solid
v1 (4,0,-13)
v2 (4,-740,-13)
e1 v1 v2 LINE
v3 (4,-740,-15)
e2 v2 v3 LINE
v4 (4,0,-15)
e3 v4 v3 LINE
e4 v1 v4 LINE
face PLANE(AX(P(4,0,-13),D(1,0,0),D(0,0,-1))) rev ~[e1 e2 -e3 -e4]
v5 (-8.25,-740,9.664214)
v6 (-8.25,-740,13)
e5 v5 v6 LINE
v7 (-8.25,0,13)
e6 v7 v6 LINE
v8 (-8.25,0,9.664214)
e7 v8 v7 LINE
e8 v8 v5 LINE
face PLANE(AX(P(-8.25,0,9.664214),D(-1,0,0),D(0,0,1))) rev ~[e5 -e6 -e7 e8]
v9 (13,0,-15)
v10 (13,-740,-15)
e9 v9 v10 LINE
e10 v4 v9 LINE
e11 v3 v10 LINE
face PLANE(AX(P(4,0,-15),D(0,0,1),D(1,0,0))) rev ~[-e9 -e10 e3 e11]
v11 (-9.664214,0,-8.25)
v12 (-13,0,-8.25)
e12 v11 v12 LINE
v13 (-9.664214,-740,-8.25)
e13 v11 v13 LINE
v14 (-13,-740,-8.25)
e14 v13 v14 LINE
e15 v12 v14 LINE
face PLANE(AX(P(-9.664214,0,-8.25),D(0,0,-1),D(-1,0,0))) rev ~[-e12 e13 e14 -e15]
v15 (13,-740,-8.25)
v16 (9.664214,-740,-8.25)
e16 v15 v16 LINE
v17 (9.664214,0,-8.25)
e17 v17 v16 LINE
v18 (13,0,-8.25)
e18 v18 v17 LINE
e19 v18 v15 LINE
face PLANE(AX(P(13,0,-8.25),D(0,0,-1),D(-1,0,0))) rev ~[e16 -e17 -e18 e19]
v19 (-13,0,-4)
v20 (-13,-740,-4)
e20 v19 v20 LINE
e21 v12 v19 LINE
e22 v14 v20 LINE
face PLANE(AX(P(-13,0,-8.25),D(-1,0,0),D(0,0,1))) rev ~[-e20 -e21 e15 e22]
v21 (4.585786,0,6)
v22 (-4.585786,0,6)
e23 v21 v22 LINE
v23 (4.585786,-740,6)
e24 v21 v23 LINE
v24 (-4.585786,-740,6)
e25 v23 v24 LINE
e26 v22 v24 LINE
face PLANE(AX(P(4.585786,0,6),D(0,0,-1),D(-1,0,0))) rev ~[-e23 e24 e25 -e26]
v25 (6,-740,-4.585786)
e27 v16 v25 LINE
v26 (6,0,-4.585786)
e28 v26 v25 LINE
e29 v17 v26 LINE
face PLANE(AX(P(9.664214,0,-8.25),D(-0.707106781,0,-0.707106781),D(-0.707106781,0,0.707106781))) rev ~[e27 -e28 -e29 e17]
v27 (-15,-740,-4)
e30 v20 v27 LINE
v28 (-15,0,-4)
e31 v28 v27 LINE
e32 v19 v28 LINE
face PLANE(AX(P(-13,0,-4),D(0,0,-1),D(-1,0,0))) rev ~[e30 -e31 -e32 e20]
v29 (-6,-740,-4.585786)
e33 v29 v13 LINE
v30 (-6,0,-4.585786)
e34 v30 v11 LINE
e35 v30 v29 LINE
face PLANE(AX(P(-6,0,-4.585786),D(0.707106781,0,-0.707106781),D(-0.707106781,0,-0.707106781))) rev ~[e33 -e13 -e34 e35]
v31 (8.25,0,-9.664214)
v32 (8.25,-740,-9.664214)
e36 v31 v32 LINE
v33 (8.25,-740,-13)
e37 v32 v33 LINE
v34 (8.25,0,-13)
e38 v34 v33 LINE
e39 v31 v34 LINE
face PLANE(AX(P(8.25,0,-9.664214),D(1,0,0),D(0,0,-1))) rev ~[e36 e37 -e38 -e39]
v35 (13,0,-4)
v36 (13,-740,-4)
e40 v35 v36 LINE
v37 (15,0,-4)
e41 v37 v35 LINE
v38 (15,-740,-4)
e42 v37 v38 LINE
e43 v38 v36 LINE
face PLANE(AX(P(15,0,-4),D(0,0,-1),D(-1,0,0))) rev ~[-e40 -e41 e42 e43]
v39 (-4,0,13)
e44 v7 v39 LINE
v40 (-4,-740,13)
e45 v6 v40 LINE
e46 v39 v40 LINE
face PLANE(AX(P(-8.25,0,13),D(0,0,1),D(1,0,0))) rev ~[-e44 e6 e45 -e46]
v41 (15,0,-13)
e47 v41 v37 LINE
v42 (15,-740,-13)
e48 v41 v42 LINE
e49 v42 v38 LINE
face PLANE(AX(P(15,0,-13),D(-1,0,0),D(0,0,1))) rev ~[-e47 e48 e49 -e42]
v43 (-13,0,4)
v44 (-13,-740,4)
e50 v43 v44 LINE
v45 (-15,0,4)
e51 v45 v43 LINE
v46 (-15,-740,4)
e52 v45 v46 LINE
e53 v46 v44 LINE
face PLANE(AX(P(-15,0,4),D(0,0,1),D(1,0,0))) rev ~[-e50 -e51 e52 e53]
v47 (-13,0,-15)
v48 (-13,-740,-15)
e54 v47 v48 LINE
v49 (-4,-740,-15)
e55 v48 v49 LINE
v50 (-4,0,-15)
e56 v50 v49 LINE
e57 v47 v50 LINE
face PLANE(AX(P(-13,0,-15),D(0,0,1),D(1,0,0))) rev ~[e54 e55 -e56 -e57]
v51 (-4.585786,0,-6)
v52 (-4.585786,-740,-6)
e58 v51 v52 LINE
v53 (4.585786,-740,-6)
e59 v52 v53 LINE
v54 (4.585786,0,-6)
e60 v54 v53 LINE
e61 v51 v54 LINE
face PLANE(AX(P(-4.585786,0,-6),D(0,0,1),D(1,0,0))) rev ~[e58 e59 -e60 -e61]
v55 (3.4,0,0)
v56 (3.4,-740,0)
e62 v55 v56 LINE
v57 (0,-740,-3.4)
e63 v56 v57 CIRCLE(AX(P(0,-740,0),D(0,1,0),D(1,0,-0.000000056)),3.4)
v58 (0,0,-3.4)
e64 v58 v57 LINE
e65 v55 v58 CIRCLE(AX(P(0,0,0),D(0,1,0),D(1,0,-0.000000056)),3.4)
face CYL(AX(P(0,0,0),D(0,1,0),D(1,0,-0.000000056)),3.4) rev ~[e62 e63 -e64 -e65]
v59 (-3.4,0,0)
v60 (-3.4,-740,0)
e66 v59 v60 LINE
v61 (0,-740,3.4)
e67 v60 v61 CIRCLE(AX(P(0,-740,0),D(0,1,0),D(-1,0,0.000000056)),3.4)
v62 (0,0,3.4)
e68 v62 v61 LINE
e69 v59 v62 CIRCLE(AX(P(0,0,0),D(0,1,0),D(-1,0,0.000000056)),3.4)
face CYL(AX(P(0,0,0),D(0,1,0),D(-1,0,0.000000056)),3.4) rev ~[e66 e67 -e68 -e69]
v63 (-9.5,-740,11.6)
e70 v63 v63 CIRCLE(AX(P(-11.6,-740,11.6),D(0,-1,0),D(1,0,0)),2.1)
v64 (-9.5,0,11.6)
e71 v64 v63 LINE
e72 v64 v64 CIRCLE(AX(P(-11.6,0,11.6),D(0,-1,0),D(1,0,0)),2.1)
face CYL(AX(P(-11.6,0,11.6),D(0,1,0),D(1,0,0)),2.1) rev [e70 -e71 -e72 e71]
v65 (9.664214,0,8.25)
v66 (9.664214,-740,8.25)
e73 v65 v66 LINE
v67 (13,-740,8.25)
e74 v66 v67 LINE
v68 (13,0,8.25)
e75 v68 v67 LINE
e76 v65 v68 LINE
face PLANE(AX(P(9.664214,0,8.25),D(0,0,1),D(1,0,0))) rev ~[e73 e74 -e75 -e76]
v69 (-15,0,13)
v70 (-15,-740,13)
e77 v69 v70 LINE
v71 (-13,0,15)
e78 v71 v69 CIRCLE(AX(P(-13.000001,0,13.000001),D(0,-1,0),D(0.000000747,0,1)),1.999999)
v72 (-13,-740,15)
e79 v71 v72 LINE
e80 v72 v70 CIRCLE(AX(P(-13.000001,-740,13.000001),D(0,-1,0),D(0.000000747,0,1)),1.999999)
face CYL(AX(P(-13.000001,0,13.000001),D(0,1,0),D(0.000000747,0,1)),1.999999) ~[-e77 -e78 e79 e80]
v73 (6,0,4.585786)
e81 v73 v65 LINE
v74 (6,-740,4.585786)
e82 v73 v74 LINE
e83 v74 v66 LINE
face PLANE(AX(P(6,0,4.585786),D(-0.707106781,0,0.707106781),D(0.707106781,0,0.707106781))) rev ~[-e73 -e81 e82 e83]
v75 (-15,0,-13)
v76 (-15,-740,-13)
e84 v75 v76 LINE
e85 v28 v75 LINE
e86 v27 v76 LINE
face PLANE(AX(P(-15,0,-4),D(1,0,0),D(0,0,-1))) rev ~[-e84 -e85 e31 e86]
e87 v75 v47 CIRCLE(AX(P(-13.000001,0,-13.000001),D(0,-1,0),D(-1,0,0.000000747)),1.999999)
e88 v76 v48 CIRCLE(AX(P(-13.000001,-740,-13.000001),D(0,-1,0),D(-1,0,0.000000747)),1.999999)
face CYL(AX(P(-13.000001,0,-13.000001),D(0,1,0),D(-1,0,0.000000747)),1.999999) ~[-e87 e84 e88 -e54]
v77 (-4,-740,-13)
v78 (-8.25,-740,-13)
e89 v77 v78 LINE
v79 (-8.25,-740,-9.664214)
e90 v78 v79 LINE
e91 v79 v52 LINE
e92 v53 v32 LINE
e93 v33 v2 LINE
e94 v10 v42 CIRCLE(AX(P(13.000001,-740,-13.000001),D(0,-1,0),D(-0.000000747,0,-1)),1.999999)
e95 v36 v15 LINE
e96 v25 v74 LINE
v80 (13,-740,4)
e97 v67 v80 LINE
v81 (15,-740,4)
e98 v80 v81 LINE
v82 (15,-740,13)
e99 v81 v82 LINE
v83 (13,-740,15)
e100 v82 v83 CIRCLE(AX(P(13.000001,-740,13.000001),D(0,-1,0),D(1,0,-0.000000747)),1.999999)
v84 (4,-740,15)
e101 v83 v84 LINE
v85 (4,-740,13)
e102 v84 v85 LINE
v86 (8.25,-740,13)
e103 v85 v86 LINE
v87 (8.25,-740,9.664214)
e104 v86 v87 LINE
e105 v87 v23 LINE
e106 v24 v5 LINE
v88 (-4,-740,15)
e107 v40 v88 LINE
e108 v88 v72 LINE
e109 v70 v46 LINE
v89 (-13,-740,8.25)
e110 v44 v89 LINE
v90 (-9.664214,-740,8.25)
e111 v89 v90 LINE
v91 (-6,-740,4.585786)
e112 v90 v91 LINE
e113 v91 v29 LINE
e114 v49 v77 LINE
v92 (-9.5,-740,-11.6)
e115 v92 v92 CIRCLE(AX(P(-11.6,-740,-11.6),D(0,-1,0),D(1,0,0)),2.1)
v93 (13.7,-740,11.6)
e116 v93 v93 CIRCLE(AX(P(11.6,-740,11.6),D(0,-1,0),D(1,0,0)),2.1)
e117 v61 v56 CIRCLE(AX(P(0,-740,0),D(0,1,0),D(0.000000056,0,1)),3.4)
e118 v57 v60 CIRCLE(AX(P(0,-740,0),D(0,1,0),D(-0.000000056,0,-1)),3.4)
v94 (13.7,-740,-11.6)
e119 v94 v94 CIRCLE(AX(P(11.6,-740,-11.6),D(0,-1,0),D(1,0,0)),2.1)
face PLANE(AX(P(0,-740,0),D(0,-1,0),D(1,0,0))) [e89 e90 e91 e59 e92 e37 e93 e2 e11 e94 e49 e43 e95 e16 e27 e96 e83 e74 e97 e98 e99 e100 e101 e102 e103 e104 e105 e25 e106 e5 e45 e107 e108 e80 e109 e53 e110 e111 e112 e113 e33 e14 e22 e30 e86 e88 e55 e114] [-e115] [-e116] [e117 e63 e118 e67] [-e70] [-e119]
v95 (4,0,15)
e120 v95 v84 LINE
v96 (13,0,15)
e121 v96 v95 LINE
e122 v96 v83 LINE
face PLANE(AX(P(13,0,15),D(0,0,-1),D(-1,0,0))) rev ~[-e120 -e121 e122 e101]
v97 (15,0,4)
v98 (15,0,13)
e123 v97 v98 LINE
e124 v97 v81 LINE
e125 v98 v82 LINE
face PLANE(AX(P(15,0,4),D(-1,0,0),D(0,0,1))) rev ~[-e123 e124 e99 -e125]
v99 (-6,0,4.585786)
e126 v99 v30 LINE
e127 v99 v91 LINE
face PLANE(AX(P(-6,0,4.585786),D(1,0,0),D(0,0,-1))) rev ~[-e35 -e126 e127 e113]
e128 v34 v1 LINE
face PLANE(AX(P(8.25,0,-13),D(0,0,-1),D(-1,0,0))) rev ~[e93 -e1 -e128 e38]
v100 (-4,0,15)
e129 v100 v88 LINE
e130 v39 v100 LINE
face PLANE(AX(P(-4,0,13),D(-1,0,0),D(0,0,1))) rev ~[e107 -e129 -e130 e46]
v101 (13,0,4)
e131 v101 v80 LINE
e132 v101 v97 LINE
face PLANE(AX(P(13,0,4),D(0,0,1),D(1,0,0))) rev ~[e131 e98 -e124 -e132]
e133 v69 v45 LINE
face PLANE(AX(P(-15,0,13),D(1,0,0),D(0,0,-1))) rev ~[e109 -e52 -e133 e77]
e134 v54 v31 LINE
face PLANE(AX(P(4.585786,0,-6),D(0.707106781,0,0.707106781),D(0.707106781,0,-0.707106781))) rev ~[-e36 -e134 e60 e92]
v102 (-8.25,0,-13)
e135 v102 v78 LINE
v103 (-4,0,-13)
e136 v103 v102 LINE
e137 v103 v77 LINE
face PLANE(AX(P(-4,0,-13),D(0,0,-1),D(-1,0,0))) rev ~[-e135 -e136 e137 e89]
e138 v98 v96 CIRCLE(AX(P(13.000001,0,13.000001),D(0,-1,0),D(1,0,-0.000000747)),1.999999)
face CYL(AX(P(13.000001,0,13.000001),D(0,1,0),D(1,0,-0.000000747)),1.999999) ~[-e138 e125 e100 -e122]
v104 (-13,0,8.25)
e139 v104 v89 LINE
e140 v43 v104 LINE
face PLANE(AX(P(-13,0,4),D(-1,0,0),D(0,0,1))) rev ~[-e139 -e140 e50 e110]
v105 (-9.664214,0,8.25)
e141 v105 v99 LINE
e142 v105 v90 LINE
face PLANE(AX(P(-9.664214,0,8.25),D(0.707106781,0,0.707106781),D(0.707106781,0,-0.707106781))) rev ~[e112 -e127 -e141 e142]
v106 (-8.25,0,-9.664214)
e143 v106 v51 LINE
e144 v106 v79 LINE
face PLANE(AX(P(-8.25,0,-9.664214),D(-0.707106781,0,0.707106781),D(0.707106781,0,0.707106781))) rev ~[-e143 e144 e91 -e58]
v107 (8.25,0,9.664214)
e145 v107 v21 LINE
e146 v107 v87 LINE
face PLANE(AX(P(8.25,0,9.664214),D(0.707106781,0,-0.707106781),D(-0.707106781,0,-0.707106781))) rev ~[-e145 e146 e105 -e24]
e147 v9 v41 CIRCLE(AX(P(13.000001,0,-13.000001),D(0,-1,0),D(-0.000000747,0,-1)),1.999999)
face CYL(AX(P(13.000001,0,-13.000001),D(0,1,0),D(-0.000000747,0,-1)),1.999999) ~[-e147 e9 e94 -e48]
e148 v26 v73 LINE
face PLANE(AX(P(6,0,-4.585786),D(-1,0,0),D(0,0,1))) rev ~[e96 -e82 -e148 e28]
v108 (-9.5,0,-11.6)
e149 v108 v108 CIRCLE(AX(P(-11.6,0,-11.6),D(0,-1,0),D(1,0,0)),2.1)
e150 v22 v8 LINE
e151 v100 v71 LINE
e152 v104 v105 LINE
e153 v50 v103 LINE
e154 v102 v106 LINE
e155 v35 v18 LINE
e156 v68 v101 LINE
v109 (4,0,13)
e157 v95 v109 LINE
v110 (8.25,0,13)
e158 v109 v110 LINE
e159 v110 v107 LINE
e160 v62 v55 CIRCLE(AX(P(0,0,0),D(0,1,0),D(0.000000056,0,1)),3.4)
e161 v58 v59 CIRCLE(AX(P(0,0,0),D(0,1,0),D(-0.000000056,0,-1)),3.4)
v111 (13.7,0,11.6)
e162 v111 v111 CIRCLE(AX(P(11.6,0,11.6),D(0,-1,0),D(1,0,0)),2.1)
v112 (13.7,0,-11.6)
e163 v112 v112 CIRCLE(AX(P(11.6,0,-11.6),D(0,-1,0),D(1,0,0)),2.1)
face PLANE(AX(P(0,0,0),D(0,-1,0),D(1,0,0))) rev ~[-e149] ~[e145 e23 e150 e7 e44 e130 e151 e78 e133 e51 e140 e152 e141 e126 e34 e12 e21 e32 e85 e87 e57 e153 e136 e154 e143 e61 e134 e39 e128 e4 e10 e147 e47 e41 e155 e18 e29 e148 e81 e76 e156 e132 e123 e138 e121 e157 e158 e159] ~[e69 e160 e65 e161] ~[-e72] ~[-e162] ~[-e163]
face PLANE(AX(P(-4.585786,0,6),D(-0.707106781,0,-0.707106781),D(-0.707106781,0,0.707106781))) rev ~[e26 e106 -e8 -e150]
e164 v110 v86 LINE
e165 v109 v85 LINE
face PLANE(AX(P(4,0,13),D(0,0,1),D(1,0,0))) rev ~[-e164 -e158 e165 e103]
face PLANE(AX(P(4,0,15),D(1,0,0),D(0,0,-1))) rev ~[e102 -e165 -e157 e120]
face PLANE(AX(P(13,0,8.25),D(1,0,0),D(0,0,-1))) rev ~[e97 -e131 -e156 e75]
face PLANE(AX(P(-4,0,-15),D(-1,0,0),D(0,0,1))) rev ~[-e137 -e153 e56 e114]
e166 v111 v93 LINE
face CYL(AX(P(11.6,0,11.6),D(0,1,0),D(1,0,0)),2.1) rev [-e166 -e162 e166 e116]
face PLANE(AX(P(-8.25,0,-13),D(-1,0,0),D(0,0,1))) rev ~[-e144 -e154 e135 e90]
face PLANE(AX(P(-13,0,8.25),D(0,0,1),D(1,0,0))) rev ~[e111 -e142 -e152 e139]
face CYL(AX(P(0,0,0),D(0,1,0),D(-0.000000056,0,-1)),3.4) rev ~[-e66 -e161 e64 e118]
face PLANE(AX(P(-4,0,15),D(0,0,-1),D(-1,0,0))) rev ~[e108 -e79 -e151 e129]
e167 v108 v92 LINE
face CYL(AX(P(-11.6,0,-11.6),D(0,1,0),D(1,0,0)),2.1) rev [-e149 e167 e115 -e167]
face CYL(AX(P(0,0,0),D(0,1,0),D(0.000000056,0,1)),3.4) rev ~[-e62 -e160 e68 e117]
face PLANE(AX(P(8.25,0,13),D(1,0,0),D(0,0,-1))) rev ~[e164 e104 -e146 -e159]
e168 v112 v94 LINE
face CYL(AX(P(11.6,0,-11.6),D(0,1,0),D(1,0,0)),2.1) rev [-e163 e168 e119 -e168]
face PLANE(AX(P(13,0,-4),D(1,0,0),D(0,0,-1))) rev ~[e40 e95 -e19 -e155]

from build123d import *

# Parameters (mm, degrees)
F0_R     = 2.1
F1_DEPTH = 740


with BuildPart() as f1:
    # F0 (on Front) → F1 (new body)
    with BuildSketch(Plane.XZ):
        with BuildLine():
            Line((4.585786, 6), (0, 6))
            Line((0, 6), (-4.585786, 6))
            Line((-4.585786, 6), (-8.25, 9.664214))
            Line((-8.25, 9.664214), (-8.25, 13))
            Line((-8.25, 13), (-4, 13))
            Line((-4, 13), (-4, 15))
            Line((-4, 15), (-13, 15))
            ThreePointArc((-13, 15), (-14.414214, 14.414214), (-15, 13))
            Line((-15, 13), (-15, 4))
            Line((-15, 4), (-13, 4))
            Line((-13, 4), (-13, 8.25))
            Line((-13, 8.25), (-9.664214, 8.25))
            Line((-9.664214, 8.25), (-6, 4.585786))
            Line((-6, 4.585786), (-6, 0))
            Line((-6, 0), (-6, -4.585786))
            Line((-6, -4.585786), (-9.664214, -8.25))
            Line((-9.664214, -8.25), (-13, -8.25))
            Line((-13, -8.25), (-13, -4))
            Line((-13, -4), (-15, -4))
            Line((-15, -4), (-15, -13))
            ThreePointArc((-15, -13), (-14.414214, -14.414214), (-13, -15))
            Line((-13, -15), (-4, -15))
            Line((-4, -15), (-4, -13))
            Line((-4, -13), (-8.25, -13))
            Line((-8.25, -13), (-8.25, -9.664214))
            Line((-8.25, -9.664214), (-4.585786, -6))
            Line((-4.585786, -6), (0, -6))
            Line((0, -6), (4.585786, -6))
            Line((4.585786, -6), (8.25, -9.664214))
            Line((8.25, -9.664214), (8.25, -13))
            Line((8.25, -13), (4, -13))
            Line((4, -13), (4, -15))
            Line((4, -15), (13, -15))
            ThreePointArc((13, -15), (14.414214, -14.414214), (15, -13))
            Line((15, -13), (15, -4))
            Line((15, -4), (13, -4))
            Line((13, -4), (13, -8.25))
            Line((13, -8.25), (9.664214, -8.25))
            Line((9.664214, -8.25), (6, -4.585786))
            Line((6, -4.585786), (6, 0))
            Line((6, 0), (6, 4.585786))
            Line((6, 4.585786), (9.664214, 8.25))
            Line((9.664214, 8.25), (13, 8.25))
            Line((13, 8.25), (13, 4))
            Line((13, 4), (15, 4))
            Line((15, 4), (15, 13))
            ThreePointArc((15, 13), (14.414214, 14.414214), (13, 15))
            Line((13, 15), (4, 15))
            Line((4, 15), (4, 13))
            Line((4, 13), (8.25, 13))
            Line((8.25, 13), (8.25, 9.664214))
            Line((8.25, 9.664214), (4.585786, 6))
        make_face()
        with Locations((-11.6, -11.6)):
            Circle(F0_R, mode=Mode.SUBTRACT)
        with Locations((11.6, -11.6)):
            Circle(F0_R, mode=Mode.SUBTRACT)
        with Locations((-11.6, 11.6)):
            Circle(F0_R, mode=Mode.SUBTRACT)
        with BuildLine():
            ThreePointArc((-3.4, 0), (-2.404163, 2.404163), (0, 3.4))
            ThreePointArc((0, 3.4), (2.404163, 2.404163), (3.4, 0))
            ThreePointArc((3.4, 0), (2.404163, -2.404163), (0, -3.4))
            ThreePointArc((0, -3.4), (-2.404163, -2.404163), (-3.4, 0))
        make_face(mode=Mode.SUBTRACT)
        with Locations((11.6, 11.6)):
            Circle(F0_R, mode=Mode.SUBTRACT)
    extrude(amount=F1_DEPTH)


solid = f1.part
